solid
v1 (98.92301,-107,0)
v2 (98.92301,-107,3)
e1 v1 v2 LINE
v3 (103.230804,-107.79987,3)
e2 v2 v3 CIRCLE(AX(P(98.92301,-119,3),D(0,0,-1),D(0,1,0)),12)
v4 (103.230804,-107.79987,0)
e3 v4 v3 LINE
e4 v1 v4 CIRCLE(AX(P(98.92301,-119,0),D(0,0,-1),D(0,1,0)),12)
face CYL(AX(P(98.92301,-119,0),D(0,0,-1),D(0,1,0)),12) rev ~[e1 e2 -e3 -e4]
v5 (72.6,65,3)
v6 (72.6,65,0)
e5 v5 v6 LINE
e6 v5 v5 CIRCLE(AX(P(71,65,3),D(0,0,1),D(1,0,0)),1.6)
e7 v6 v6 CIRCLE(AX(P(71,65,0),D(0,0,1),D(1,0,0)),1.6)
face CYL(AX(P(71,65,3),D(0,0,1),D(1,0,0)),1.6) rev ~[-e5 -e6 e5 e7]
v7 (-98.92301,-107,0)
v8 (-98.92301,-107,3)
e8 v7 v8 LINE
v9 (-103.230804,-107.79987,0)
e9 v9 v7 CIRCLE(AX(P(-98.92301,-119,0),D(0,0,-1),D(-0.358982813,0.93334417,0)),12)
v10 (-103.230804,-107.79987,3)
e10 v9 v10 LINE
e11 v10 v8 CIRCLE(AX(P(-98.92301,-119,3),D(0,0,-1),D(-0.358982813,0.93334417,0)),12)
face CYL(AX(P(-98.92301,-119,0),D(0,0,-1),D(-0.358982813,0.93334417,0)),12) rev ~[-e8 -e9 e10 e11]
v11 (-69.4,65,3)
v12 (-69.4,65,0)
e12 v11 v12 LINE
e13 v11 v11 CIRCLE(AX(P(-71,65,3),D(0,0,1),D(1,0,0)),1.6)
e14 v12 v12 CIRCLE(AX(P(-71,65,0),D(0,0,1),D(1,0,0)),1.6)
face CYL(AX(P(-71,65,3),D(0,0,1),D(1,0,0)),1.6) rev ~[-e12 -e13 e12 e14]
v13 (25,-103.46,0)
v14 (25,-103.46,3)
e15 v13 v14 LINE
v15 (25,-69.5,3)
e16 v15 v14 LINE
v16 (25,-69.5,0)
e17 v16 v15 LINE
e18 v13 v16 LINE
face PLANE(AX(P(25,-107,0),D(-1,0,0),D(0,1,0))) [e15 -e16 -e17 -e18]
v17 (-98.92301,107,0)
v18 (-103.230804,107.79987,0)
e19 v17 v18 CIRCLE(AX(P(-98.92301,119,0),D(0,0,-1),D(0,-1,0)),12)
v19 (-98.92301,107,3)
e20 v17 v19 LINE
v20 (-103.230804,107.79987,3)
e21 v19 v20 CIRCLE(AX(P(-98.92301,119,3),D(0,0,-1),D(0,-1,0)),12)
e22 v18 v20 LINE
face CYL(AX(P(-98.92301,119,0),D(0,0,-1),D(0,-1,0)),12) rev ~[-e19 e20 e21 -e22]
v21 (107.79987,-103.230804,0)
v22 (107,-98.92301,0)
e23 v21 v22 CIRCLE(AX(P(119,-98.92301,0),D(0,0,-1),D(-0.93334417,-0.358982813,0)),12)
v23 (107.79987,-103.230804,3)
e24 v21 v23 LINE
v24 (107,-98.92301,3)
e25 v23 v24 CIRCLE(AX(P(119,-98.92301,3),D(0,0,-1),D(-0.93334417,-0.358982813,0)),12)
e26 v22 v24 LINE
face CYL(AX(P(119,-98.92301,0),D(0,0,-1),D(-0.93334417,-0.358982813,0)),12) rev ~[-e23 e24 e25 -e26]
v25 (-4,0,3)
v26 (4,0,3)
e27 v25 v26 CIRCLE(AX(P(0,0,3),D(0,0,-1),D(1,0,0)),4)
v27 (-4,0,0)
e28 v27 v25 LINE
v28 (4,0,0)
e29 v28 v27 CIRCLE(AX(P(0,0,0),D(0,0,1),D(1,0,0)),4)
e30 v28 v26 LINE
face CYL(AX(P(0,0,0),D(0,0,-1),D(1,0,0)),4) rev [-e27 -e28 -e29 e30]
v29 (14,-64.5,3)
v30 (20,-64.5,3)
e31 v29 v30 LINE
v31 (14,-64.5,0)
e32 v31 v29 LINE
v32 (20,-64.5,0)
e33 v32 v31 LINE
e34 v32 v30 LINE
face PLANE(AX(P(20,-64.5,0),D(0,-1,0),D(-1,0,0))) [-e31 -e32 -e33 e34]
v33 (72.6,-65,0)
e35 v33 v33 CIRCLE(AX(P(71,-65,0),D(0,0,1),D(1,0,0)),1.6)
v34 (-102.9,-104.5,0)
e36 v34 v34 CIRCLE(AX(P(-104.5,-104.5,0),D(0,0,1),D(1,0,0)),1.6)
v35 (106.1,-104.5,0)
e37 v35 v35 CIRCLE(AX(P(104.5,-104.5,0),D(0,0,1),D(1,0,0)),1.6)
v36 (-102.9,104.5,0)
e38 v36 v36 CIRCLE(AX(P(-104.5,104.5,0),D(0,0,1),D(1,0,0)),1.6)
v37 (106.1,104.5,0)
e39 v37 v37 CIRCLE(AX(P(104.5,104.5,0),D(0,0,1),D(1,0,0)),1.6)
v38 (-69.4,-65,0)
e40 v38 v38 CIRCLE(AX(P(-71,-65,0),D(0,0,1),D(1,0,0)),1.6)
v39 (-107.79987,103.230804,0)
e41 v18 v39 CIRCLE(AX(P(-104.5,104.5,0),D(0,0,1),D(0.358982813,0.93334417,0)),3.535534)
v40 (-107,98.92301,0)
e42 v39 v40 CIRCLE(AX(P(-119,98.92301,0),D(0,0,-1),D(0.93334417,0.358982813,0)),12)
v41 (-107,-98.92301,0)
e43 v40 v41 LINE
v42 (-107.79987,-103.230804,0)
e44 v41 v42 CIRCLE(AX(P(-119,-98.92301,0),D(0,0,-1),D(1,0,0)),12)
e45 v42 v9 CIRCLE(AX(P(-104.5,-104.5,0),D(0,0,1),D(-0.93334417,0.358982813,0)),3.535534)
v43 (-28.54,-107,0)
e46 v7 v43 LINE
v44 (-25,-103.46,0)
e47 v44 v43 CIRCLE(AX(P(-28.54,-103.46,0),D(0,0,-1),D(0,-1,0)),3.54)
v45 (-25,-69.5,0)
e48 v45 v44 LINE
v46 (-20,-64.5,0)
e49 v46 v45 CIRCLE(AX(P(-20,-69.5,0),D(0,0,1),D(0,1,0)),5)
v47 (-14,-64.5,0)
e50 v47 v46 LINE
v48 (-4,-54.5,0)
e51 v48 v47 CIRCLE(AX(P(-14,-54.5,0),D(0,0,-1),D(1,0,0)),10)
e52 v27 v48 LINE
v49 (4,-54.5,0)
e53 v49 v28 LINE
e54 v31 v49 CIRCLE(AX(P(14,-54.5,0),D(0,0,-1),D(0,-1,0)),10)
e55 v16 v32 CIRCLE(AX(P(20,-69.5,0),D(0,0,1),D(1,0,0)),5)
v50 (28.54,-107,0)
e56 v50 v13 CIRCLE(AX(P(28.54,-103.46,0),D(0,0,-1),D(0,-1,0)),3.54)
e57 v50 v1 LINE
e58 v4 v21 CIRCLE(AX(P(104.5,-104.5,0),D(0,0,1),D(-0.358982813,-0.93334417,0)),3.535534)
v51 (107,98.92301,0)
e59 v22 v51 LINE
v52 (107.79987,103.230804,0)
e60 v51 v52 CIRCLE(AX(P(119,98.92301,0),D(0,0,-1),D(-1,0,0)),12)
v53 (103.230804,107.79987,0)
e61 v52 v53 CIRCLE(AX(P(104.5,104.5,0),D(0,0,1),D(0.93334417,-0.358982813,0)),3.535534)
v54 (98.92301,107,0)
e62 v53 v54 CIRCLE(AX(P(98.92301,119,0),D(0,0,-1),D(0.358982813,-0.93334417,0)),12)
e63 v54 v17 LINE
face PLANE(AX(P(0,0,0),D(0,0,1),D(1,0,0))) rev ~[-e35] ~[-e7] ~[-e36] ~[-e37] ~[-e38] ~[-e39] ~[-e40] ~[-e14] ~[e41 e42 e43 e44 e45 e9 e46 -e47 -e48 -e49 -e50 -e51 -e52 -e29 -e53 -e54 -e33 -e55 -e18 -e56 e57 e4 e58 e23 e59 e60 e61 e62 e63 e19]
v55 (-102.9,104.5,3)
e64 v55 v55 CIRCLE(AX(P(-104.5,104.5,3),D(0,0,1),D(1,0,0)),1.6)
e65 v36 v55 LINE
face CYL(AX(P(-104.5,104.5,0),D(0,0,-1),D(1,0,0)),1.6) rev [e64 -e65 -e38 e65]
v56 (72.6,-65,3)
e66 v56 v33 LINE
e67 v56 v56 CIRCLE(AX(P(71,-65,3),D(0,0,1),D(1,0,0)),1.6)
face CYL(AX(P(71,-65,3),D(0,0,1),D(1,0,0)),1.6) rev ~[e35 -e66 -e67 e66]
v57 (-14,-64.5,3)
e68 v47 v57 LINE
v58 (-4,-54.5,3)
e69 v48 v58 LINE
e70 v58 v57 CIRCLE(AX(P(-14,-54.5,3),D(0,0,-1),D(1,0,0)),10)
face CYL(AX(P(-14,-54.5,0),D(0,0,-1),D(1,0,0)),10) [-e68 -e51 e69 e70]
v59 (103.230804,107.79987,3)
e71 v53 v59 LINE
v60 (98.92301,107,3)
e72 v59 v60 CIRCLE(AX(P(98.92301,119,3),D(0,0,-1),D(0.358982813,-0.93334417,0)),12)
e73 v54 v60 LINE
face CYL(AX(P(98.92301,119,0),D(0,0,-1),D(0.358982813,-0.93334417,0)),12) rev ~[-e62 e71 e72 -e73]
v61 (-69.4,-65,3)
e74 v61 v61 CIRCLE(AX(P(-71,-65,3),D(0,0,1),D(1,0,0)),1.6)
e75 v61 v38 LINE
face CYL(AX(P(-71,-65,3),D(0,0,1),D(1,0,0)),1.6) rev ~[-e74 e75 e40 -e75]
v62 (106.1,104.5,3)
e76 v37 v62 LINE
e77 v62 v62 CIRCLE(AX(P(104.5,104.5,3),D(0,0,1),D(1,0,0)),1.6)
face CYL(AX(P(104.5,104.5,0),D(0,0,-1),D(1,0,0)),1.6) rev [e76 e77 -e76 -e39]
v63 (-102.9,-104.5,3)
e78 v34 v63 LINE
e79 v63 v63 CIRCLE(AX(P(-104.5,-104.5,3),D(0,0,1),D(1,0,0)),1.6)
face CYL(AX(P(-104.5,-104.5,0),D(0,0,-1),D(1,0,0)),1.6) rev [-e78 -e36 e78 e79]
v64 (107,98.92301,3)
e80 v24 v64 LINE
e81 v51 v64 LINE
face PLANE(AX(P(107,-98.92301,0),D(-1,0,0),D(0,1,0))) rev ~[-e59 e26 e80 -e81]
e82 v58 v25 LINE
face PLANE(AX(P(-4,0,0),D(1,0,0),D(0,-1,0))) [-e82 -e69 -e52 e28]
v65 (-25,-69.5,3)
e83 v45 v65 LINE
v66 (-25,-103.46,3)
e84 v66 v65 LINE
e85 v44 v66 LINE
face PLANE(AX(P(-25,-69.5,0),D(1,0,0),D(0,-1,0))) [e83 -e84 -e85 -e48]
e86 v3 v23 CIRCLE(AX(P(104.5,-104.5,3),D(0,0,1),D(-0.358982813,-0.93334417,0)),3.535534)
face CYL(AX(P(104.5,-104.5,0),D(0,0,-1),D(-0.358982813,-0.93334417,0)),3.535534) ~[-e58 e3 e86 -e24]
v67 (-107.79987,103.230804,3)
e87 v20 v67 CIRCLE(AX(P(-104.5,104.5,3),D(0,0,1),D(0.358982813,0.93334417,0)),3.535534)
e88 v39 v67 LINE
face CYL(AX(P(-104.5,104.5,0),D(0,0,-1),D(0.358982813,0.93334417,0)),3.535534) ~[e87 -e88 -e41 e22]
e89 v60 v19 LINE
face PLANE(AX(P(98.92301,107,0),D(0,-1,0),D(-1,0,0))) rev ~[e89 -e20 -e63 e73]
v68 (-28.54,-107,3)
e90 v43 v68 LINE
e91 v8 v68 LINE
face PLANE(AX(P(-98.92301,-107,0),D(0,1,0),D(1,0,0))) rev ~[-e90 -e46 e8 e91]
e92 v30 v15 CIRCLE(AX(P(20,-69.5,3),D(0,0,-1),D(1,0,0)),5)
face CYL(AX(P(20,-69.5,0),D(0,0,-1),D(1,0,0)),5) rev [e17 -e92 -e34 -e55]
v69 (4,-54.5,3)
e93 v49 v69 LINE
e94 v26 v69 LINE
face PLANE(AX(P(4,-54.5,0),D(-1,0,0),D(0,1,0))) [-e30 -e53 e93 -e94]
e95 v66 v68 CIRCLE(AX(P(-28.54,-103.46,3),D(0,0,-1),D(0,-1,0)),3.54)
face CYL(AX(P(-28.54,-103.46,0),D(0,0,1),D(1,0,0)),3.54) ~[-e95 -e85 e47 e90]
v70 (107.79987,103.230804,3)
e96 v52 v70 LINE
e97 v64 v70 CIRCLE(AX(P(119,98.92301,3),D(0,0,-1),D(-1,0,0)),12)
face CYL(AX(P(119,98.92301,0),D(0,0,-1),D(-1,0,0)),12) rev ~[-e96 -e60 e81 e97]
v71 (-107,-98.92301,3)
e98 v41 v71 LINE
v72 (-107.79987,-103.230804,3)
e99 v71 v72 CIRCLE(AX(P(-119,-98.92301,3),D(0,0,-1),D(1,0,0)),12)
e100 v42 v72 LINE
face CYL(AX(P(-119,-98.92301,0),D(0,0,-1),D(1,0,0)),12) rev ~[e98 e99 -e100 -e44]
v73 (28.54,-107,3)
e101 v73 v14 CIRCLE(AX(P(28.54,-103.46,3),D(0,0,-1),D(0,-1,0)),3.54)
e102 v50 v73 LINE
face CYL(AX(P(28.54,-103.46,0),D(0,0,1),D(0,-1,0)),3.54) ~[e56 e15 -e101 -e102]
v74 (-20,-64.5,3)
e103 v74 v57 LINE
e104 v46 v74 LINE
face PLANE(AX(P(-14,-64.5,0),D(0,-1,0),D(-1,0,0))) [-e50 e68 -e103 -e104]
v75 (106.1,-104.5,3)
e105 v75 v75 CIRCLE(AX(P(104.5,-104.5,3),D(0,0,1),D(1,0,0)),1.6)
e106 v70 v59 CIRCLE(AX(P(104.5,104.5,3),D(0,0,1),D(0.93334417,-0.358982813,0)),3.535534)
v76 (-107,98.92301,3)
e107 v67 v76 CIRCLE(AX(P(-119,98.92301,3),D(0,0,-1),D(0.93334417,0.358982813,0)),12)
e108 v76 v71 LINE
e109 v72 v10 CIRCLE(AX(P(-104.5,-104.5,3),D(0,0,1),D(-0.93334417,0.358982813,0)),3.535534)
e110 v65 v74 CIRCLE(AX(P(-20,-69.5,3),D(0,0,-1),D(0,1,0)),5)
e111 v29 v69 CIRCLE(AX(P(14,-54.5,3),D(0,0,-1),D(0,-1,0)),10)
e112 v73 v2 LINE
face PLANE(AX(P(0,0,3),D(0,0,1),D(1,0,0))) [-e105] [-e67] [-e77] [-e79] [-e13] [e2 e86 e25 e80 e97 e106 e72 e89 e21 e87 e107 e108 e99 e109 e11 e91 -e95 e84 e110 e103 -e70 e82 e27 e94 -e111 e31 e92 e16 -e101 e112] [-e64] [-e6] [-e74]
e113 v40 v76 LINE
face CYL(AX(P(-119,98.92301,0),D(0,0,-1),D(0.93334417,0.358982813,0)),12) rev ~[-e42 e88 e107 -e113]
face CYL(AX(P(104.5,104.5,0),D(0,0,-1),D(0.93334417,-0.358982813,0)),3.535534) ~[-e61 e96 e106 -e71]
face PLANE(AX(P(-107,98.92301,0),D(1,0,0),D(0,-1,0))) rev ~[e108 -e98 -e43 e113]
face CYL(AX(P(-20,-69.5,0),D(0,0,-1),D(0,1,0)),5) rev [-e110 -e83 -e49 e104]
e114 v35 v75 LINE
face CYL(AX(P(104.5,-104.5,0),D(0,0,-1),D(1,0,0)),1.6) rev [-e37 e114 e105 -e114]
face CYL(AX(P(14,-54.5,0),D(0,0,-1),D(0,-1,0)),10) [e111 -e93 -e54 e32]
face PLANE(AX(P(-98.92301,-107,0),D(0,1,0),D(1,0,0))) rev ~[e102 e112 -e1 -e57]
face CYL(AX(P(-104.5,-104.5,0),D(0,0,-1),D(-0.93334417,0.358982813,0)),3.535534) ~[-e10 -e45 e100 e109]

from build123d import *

# Parameters (mm, degrees)
SKETCH1_R           = 1.6
BOSS_EXTRUDE1_DEPTH = 3
SKETCH3_R           = 1.6
CUT_EXTRUDE2_DEPTH  = 4
CUT_EXTRUDE5_DEPTH  = 4
FILLET1_R           = 3.54


with BuildPart() as part:
    # Sketch1 → Boss-Extrude1 (new body)
    with BuildSketch(Plane.XY):
        with BuildLine():
            Line((-107, 98.923010333), (-107, -98.923010333))
            ThreePointArc((-107, -98.923010333), (-107.201661971, -101.11372249), (-107.799869959, -103.230804092))
            ThreePointArc((-107.799869959, -103.230804092), (-107, -107), (-103.230804092, -107.799869959))
            ThreePointArc((-103.230804092, -107.799869959), (-101.11372249, -107.201661971), (-98.923010333, -107))
            Line((-98.923010333, -107), (-43, -107))
            Line((-43, -107), (43, -107))
            Line((43, -107), (98.923010333, -107))
            ThreePointArc((98.923010333, -107), (101.11372249, -107.201661971), (103.230804092, -107.799869959))
            ThreePointArc((103.230804092, -107.799869959), (107, -107), (107.799869959, -103.230804092))
            ThreePointArc((107.799869959, -103.230804092), (107.201661971, -101.11372249), (107, -98.923010333))
            Line((107, -98.923010333), (107, 98.923010333))
            ThreePointArc((107, 98.923010333), (107.201661971, 101.11372249), (107.799869959, 103.230804092))
            ThreePointArc((107.799869959, 103.230804092), (107, 107), (103.230804092, 107.799869959))
            ThreePointArc((103.230804092, 107.799869959), (101.11372249, 107.201661971), (98.923010333, 107))
            Line((98.923010333, 107), (-98.923010333, 107))
            ThreePointArc((-98.923010333, 107), (-101.11372249, 107.201661971), (-103.230804092, 107.799869959))
            ThreePointArc((-103.230804092, 107.799869959), (-107, 107), (-107.799869959, 103.230804092))
            ThreePointArc((-107.799869959, 103.230804092), (-107.201661971, 101.11372249), (-107, 98.923010333))
        make_face()
        with Locations((-104.5, -104.5)):
            Circle(SKETCH1_R, mode=Mode.SUBTRACT)
        with Locations((-104.5, 104.5)):
            Circle(SKETCH1_R, mode=Mode.SUBTRACT)
        with Locations((104.5, 104.5)):
            Circle(SKETCH1_R, mode=Mode.SUBTRACT)
        with Locations((104.5, -104.5)):
            Circle(SKETCH1_R, mode=Mode.SUBTRACT)
    extrude(amount=BOSS_EXTRUDE1_DEPTH)

    # Sketch3 → Cut-Extrude2 (cut, through all)
    with BuildSketch(Plane.XY.offset(3)):
        with Locations((-71, 65)):
            Circle(SKETCH3_R)
        with Locations((71, 65)):
            Circle(SKETCH3_R)
        with Locations((71, -65)):
            Circle(SKETCH3_R)
        with Locations((-71, -65)):
            Circle(SKETCH3_R)
    extrude(amount=-CUT_EXTRUDE2_DEPTH, mode=Mode.SUBTRACT)

    # Sketch5 → Cut-Extrude5 (cut, through all)
    with BuildSketch(Plane.XY):
        with BuildLine():
            Line((-25, -107), (25, -107))
            Line((25, -107), (25, -69.5))
            ThreePointArc((25, -69.5), (23.535533906, -65.964466094), (20, -64.5))
            Line((20, -64.5), (14, -64.5))
            ThreePointArc((14, -64.5), (6.928932188, -61.571067812), (4, -54.5))
            Line((4, -54.5), (4, 0))
            ThreePointArc((4, 0), (0, 4), (-4, 0))
            Line((-4, 0), (-4, -54.5))
            ThreePointArc((-4, -54.5), (-6.928932188, -61.571067812), (-14, -64.5))
            Line((-14, -64.5), (-20, -64.5))
            ThreePointArc((-20, -64.5), (-23.535533906, -65.964466094), (-25, -69.5))
            Line((-25, -69.5), (-25, -107))
        make_face()
    extrude(amount=CUT_EXTRUDE5_DEPTH, mode=Mode.SUBTRACT)

    # Fillet1
    fillet1_edges = [part.edges().sort_by_distance(p)[0] for p in [
        (-25, -107, 1.5),
        (25, -107, 1.5),
    ]]
    fillet(fillet1_edges, radius=FILLET1_R)


solid = part.part
